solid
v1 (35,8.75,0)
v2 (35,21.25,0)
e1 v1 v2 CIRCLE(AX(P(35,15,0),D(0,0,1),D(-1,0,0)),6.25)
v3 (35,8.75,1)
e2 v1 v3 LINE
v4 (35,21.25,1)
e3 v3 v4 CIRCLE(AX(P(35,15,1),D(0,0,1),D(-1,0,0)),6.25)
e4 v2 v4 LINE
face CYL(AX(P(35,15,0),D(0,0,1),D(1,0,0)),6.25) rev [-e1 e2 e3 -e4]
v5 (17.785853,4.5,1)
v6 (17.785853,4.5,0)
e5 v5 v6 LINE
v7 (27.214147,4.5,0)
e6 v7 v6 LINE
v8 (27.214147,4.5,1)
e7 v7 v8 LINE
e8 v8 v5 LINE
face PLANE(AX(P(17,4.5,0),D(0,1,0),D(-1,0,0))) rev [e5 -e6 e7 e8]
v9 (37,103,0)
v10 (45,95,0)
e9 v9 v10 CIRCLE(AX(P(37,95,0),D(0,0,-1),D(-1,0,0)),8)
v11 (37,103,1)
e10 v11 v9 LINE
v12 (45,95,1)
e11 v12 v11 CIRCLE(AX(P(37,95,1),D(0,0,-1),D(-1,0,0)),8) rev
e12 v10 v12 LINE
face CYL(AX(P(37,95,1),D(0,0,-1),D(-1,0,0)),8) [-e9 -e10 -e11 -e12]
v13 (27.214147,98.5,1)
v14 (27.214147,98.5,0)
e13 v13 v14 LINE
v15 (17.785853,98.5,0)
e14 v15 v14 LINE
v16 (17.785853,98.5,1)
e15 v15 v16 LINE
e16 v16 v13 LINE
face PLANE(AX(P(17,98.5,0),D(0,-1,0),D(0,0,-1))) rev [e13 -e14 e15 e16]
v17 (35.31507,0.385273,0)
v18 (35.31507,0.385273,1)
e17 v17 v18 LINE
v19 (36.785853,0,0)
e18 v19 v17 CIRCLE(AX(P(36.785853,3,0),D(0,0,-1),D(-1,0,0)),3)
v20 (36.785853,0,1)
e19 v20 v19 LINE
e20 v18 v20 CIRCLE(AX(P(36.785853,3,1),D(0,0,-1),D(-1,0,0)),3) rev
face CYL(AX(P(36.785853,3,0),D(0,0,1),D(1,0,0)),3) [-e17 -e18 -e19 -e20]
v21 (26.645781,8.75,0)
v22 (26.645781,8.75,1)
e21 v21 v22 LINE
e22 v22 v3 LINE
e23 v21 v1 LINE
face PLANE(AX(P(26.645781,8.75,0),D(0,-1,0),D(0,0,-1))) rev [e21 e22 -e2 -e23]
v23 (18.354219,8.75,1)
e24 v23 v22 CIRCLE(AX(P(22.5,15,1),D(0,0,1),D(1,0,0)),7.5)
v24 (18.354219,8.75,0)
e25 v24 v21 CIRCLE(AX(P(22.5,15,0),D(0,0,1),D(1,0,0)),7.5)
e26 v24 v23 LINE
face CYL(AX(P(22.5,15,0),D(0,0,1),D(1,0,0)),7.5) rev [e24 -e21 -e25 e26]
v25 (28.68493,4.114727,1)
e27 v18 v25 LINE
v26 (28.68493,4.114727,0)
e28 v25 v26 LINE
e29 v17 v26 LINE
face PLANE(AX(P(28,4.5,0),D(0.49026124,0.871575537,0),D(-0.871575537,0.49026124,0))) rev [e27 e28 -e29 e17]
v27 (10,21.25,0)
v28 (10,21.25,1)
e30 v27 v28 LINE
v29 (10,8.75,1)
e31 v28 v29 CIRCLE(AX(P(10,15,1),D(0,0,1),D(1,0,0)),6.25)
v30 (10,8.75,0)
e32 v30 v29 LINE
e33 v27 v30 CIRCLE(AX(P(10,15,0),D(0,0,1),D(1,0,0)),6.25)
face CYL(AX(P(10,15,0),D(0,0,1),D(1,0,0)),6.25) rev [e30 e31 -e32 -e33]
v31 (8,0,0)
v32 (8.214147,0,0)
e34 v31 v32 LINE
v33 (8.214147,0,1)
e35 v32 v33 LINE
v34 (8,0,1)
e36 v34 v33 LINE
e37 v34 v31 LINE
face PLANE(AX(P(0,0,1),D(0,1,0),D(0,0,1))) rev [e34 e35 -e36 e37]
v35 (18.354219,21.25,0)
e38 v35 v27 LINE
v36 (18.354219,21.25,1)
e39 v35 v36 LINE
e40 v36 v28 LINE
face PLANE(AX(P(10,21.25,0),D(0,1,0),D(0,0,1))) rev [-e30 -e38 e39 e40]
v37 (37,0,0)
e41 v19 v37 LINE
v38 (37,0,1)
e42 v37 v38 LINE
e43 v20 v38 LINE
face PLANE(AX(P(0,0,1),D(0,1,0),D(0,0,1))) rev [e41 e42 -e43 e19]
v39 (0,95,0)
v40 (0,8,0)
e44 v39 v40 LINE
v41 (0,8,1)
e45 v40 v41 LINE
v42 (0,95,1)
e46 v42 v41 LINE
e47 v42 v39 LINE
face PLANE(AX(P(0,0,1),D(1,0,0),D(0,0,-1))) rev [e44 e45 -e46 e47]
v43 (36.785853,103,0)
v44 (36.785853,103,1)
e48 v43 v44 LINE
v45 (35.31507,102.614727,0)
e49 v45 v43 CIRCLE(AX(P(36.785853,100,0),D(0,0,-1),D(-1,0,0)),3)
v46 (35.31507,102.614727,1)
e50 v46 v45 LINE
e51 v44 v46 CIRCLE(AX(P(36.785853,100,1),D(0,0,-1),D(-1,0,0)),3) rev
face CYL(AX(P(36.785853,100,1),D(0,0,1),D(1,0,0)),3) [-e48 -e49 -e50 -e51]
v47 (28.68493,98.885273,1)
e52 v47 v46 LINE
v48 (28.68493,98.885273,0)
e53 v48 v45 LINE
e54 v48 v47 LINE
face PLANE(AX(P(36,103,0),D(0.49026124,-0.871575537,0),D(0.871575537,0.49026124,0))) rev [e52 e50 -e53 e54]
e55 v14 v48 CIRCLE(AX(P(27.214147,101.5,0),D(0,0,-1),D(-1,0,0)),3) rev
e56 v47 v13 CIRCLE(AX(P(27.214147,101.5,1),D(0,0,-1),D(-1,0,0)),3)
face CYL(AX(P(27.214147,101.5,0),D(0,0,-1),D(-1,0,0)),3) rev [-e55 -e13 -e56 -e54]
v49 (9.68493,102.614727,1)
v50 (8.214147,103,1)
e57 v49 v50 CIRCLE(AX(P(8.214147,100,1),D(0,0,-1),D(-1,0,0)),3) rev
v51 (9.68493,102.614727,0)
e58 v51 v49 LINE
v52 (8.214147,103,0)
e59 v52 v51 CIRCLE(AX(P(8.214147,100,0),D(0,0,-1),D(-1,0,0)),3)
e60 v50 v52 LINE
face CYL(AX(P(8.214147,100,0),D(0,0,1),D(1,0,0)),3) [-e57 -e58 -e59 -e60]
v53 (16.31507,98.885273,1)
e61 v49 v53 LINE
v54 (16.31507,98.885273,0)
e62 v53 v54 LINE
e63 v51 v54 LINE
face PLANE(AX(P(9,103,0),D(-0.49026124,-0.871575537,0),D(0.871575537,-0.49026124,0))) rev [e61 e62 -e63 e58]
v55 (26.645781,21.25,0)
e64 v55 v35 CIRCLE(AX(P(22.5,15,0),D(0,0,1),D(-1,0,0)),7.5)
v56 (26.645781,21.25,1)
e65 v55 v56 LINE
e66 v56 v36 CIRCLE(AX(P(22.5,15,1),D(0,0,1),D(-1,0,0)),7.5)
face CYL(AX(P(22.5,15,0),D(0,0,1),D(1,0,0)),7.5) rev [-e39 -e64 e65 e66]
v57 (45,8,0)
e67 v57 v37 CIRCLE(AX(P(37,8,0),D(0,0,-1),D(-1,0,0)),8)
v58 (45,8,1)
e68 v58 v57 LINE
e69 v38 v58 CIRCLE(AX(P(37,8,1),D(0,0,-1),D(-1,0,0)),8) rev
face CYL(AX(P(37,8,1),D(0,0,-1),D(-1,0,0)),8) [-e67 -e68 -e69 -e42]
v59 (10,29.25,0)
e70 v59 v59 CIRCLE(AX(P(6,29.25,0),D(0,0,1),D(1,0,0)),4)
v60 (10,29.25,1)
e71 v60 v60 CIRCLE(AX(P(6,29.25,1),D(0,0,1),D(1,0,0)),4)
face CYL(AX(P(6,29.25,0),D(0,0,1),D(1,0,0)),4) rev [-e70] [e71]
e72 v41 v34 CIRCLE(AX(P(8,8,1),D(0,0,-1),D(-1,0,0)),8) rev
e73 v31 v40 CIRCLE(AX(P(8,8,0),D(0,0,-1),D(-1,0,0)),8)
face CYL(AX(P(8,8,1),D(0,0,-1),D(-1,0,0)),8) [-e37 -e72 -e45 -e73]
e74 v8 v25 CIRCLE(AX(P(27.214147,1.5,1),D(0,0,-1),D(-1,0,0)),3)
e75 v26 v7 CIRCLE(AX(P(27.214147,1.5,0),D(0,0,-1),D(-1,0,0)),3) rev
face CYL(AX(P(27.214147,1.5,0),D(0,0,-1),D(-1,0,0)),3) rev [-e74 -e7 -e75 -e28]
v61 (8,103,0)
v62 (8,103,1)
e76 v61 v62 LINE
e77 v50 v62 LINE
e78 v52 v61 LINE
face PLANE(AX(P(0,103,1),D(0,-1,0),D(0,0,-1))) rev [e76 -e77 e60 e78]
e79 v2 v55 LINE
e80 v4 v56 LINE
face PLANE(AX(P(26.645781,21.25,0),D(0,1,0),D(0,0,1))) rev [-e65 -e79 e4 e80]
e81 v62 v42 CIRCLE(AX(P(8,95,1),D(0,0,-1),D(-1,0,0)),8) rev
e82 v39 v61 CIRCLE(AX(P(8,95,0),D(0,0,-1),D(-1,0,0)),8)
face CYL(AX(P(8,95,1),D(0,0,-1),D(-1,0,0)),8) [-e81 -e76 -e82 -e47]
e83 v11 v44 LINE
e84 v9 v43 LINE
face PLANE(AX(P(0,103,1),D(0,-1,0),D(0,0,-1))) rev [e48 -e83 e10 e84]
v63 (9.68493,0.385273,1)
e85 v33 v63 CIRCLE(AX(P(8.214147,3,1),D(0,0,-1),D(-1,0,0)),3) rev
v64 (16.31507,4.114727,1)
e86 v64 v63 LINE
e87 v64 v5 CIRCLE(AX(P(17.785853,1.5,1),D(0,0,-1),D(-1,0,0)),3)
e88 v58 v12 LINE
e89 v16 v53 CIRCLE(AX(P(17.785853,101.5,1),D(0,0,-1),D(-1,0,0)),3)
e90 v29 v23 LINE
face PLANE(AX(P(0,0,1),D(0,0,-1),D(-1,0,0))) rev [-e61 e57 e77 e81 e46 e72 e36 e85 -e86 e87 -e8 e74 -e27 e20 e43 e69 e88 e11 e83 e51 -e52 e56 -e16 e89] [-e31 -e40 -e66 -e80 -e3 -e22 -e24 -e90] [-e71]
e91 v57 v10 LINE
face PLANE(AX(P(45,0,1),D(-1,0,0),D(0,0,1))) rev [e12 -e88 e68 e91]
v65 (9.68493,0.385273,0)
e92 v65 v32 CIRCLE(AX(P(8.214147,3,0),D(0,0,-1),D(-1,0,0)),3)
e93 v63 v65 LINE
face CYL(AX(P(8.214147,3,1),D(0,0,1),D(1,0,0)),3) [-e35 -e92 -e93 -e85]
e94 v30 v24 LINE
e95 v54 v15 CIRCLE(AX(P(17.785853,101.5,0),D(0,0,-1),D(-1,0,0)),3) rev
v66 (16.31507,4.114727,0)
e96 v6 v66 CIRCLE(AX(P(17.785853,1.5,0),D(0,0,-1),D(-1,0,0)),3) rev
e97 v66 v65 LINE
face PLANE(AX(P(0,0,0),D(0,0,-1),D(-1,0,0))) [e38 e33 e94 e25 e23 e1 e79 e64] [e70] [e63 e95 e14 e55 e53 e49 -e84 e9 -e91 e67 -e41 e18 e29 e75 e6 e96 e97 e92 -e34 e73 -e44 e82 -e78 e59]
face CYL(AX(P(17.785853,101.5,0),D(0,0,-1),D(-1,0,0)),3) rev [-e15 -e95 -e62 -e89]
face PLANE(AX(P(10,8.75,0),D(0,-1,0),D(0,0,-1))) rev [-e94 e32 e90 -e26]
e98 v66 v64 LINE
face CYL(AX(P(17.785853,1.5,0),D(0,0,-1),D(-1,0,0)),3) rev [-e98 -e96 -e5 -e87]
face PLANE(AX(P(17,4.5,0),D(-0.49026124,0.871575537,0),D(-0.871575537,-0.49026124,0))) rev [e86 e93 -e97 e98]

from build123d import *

# Parameters (mm, degrees)
SKETCH1_W           = 45
SKETCH1_H           = 103
BOSS_EXTRUDE1_DEPTH = 1
FILLET1_R           = 8
SKETCH2_R           = 4
CUT_EXTRUDE1_DEPTH  = 1
CUT_EXTRUDE2_DEPTH  = 1
BOSS_EXTRUDE2_DEPTH = 1
SKETCH5_R           = 7.5
CUT_EXTRUDE3_DEPTH  = 10
FILLET2_R           = 3


with BuildPart() as part:
    # Sketch1 → Boss-Extrude1 (new body)
    with BuildSketch(Plane.XY):
        with Locations((22.5, 51.5)):
            Rectangle(SKETCH1_W, SKETCH1_H)
        with BuildLine():
            Line((10.75, 22.25), (34.25, 22.25))
            ThreePointArc((34.25, 22.25), (41.5, 15), (34.25, 7.75))
            Line((34.25, 7.75), (10.75, 7.75))
            ThreePointArc((10.75, 7.75), (3.5, 15), (10.75, 22.25))
        make_face(mode=Mode.SUBTRACT)
    extrude(amount=BOSS_EXTRUDE1_DEPTH)

    # Fillet1
    fillet1_edges = [part.edges().sort_by_distance(p)[0] for p in [
        (0, 103, 0.5),
        (45, 103, 0.5),
        (45, 0, 0.5),
        (0, 0, 0.5),
    ]]
    fillet(fillet1_edges, radius=FILLET1_R)

    # Sketch2 → Cut-Extrude1 (cut)
    with BuildSketch(Plane.XY.offset(1)):
        with Locations((6, 29.25)):
            Circle(SKETCH2_R)
    extrude(amount=-CUT_EXTRUDE1_DEPTH, mode=Mode.SUBTRACT)

    # Sketch3 → Cut-Extrude2 (cut)
    with BuildSketch(Plane.XY.offset(1)):
        Polygon((17, 98.5), (28, 98.5), (36, 103), (9, 103), align=None)
        Polygon((17, 4.5), (28, 4.5), (36, 0), (9, 0), align=None)
    extrude(amount=-CUT_EXTRUDE2_DEPTH, mode=Mode.SUBTRACT)

    # Sketch4 → Boss-Extrude2 (add)
    with BuildSketch(Plane.XY.offset(1)):
        with BuildLine():
            Line((9.607201991, 23.81242846), (35.392798009, 23.81242846))
            ThreePointArc((35.392798009, 23.81242846), (44.205226468, 15), (35.392798009, 6.18757154))
            Line((35.392798009, 6.18757154), (9.607201991, 6.18757154))
            ThreePointArc((9.607201991, 6.18757154), (0.794773532, 15), (9.607201991, 23.81242846))
        make_face()
        with BuildLine():
            Line((10, 21.25), (18.354219012, 21.25))
            ThreePointArc((18.354219012, 21.25), (22.5, 22.5), (26.645780988, 21.25))
            Line((26.645780988, 21.25), (35, 21.25))
            ThreePointArc((35, 21.25), (41.25, 15), (35, 8.75))
            Line((35, 8.75), (26.645780988, 8.75))
            ThreePointArc((26.645780988, 8.75), (22.5, 7.5), (18.354219012, 8.75))
            Line((18.354219012, 8.75), (10, 8.75))
            ThreePointArc((10, 8.75), (3.75, 15), (10, 21.25))
        make_face(mode=Mode.SUBTRACT)
    extrude(amount=-BOSS_EXTRUDE2_DEPTH)

    # Sketch5 → Cut-Extrude3 (cut)
    with BuildSketch(Plane.XY.offset(1)):
        with Locations((22.5, 15)):
            Circle(SKETCH5_R)
    extrude(amount=-CUT_EXTRUDE3_DEPTH, mode=Mode.SUBTRACT)

    # Fillet2
    fillet2_edges = [part.edges().sort_by_distance(p)[0] for p in [
        (36, 103, 0.5),
        (28, 98.5, 0.5),
        (17, 98.5, 0.5),
        (9, 103, 0.5),
        (28, 4.5, 0.5),
        (36, 0, 0.5),
        (9, 0, 0.5),
        (17, 4.5, 0.5),
    ]]
    fillet(fillet2_edges, radius=FILLET2_R)


solid = part.part
